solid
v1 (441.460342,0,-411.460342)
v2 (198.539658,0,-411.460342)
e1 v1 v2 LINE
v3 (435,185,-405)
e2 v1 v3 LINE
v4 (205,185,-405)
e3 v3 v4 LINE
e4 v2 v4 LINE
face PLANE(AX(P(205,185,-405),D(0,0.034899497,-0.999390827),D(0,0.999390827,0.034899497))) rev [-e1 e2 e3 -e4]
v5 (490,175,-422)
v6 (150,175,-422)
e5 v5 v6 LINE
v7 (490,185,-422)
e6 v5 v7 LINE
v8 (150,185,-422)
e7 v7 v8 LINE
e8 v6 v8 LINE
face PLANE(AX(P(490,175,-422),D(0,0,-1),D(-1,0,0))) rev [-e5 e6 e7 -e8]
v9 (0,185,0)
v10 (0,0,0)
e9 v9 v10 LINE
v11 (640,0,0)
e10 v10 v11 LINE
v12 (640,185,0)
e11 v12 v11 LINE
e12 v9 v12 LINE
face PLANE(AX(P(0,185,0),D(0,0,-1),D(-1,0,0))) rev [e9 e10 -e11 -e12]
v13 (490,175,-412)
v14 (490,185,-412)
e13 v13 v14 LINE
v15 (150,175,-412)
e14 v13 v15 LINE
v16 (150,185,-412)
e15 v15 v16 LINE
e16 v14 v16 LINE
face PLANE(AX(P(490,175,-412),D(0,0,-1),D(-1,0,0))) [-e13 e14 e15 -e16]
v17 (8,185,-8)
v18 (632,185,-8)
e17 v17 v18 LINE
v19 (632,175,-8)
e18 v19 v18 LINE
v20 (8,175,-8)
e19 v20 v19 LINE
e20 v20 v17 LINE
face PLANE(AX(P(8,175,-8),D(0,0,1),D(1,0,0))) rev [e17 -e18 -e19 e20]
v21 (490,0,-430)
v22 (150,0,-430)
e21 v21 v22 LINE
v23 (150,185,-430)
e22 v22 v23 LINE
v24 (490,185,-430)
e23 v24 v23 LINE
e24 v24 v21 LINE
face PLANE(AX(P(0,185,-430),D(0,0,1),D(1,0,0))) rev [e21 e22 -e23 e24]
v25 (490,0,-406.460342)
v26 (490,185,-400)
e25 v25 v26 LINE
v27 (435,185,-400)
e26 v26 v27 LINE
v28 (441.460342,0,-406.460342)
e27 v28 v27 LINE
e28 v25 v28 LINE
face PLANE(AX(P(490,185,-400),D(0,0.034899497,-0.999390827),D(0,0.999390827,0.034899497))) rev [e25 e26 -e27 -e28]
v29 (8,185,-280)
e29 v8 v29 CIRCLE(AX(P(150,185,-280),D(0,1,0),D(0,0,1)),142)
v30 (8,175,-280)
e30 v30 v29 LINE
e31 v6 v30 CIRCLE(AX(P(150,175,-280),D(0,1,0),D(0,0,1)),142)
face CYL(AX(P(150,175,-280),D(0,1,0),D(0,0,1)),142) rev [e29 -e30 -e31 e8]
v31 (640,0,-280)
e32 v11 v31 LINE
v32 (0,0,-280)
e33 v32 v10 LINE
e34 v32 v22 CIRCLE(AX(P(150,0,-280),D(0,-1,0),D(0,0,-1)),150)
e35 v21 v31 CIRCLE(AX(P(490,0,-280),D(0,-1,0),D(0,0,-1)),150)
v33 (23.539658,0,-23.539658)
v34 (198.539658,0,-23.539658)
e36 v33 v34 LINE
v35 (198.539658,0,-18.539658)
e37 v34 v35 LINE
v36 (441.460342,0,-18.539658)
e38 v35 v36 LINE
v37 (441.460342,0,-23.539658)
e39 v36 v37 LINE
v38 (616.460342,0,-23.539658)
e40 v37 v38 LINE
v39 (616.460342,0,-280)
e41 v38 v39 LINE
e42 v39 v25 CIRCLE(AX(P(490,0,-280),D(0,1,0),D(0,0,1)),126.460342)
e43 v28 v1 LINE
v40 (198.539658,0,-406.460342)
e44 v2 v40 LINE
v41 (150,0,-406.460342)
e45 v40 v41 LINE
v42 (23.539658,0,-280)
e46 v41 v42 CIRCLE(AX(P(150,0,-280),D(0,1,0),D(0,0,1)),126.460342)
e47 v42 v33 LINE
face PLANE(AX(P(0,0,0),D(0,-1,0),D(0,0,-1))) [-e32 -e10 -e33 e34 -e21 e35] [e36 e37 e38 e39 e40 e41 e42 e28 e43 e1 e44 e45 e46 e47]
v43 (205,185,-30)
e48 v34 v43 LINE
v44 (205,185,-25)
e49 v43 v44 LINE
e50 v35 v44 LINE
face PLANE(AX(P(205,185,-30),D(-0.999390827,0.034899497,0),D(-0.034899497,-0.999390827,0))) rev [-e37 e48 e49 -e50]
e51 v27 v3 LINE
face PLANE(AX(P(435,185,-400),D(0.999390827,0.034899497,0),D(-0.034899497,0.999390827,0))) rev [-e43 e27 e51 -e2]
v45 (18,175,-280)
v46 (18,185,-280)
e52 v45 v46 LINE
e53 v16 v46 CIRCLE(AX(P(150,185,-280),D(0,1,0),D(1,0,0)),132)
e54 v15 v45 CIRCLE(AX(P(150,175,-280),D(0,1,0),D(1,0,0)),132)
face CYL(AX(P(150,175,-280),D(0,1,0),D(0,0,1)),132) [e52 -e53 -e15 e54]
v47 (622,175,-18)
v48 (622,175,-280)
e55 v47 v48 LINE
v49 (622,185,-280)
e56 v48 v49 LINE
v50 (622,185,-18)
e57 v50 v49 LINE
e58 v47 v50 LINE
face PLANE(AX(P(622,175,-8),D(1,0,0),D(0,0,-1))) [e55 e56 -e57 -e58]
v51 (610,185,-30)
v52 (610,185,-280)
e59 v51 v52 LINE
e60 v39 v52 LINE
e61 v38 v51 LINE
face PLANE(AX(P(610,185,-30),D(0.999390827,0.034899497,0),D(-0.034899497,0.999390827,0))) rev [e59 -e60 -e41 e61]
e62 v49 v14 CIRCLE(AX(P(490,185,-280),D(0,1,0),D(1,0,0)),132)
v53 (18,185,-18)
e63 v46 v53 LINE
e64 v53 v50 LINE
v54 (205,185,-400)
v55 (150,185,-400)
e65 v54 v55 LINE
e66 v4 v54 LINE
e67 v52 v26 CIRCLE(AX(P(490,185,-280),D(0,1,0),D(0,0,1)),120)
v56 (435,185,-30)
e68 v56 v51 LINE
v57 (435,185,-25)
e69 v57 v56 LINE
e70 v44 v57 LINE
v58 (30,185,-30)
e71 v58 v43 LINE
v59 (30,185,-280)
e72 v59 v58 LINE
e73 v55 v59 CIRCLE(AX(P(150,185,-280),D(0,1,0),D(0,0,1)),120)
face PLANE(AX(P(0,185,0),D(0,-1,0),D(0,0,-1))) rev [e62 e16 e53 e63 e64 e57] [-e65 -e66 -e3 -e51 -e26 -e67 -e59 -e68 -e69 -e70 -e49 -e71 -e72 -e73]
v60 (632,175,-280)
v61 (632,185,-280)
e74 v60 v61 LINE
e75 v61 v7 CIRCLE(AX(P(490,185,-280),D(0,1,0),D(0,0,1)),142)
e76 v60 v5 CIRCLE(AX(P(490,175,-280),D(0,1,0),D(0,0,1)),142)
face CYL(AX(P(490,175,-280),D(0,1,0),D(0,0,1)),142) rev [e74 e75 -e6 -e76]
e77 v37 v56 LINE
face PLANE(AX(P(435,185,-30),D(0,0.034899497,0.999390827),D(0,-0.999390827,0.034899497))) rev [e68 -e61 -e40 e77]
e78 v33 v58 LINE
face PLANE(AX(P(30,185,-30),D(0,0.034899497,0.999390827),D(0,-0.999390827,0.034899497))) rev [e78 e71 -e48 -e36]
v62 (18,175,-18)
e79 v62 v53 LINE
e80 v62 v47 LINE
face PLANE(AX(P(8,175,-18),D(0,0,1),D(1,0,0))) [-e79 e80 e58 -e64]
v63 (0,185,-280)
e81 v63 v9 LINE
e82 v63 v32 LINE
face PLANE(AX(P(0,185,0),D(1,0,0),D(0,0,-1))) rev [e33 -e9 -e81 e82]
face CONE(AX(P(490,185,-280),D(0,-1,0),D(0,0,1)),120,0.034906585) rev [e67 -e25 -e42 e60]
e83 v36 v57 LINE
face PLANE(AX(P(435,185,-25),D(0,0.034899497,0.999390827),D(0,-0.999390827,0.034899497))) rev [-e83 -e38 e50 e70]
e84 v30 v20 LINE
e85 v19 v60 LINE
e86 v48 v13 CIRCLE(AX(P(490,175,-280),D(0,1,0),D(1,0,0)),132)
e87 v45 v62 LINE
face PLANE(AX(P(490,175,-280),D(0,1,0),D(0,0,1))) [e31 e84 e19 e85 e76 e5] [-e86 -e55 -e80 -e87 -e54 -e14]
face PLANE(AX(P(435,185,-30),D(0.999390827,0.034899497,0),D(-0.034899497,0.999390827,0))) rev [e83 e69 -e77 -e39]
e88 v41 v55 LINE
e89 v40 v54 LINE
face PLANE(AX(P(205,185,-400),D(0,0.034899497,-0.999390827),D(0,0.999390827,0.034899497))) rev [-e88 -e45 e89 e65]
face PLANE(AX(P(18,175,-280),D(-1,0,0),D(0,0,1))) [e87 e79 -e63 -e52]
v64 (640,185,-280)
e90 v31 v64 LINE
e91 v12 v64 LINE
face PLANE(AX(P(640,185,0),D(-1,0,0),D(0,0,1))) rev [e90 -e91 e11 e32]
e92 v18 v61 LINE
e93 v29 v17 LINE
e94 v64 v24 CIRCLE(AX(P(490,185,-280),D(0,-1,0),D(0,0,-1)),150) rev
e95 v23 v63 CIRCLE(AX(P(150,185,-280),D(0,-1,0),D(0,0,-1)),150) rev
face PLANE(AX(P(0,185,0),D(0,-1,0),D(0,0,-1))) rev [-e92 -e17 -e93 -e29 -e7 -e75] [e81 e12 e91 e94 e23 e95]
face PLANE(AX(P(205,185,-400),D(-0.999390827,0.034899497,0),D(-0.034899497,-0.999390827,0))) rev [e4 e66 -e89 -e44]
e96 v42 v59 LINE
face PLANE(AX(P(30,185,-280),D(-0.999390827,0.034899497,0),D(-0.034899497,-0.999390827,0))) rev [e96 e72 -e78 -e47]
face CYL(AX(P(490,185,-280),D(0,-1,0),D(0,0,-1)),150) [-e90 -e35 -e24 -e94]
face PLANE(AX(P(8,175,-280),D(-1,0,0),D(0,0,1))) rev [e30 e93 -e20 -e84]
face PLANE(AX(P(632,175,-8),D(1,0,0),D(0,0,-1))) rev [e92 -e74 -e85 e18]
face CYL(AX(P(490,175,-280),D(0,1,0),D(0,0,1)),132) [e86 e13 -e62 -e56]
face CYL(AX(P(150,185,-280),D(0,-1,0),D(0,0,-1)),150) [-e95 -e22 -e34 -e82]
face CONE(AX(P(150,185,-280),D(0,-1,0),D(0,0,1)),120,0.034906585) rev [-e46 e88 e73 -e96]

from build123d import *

# Parameters (mm, degrees)
SKIZZE1_W                            = 640
SKIZZE1_H                            = 430
AUFSATZ_LINEAR_AUSTRAGEN1_DEPTH      = 185
VERRUNDUNG1_R                        = 150
SCHNITT_LINEAR_AUSTRAGEN1_DEPTH      = 186
SCHNITT_LINEAR_AUSTRAGEN1_DRAFT      = 2
SCHNITT_LINEAR_AUSTRAGEN_D_NN1_DEPTH = 10


with BuildPart() as part:
    # Skizze1 → Aufsatz-Linear austragen1 (new body)
    with BuildSketch(Plane(origin=(0, 0, 0), x_dir=(1, 0, 0), z_dir=(0, 1, 0))):
        with Locations((320, 215)):
            Rectangle(SKIZZE1_W, SKIZZE1_H)
    extrude(amount=AUFSATZ_LINEAR_AUSTRAGEN1_DEPTH)

    # Verrundung1
    verrundung1_edges = [part.edges().sort_by_distance(p)[0] for p in [
        (0, 92.5, -430),
        (640, 92.5, -430),
    ]]
    fillet(verrundung1_edges, radius=VERRUNDUNG1_R)


with BuildPart() as schnitt_linear_austragen1_tool:
    # Skizze2 → Schnitt-Linear austragen1 (with draft: the straight prism first)
    with BuildSketch(Plane(origin=(0, 185, 0), x_dir=(1, 0, 0), z_dir=(0, 1, 0))):
        with BuildLine():
            Line((490, 400), (435, 400))
            Line((435, 400), (435, 405))
            Line((435, 405), (205, 405))
            Line((205, 405), (205, 400))
            Line((205, 400), (150, 400))
            ThreePointArc((150, 400), (65.147186258, 364.852813742), (30, 280))
            Line((30, 280), (30, 30))
            Line((30, 30), (205, 30))
            Line((205, 30), (205, 25))
            Line((205, 25), (435, 25))
            Line((435, 25), (435, 30))
            Line((435, 30), (610, 30))
            Line((610, 30), (610, 280))
            ThreePointArc((610, 280), (574.852813742, 364.852813742), (490, 400))
        make_face()
    extrude(amount=-SCHNITT_LINEAR_AUSTRAGEN1_DEPTH)
    # Schnitt-Linear austragen1: the draft: its side faces are tilted about the plane it starts from
    schnitt_linear_austragen1_sides = [schnitt_linear_austragen1_tool.faces().sort_by_distance(p)[0] for p in [
        (462.5, 92, -400),
        (435, 92, -402.5),
        (320, 92, -405),
        (205, 92, -402.5),
        (177.5, 92, -400),
        (65.147186258, 92, -364.852813742),
        (30, 92, -155),
        (117.5, 92, -30),
        (205, 92, -27.5),
        (320, 92, -25),
        (435, 92, -27.5),
        (522.5, 92, -30),
        (610, 92, -155),
        (574.852813742, 92, -364.852813742),
    ]]
    draft(schnitt_linear_austragen1_sides, Plane(origin=(0, 185, 0), x_dir=(1, 0, 0), z_dir=(0, 1, 0)), SCHNITT_LINEAR_AUSTRAGEN1_DRAFT)


with BuildPart() as part_1:
    add(part.part)

    # Schnitt-Linear austragen1: cut by schnitt_linear_austragen1_tool
    add(schnitt_linear_austragen1_tool.part, mode=Mode.SUBTRACT)

    # Skizze3 → Schnitt-Linear-Austragen-Dünn1 (cut)
    with BuildSketch(Plane(origin=(0, 185, 0), x_dir=(1, 0, 0), z_dir=(0, 1, 0))):
        with BuildLine():
            Line((490, 422), (150, 422))
            ThreePointArc((150, 422), (49.590837072, 380.409162928), (8, 280))
            Line((8, 280), (8, 8))
            Line((8, 8), (632, 8))
            Line((632, 8), (632, 280))
            ThreePointArc((632, 280), (590.409162928, 380.409162928), (490, 422))
        make_face()
        with BuildLine():
            Line((490, 412), (150, 412))
            ThreePointArc((150, 412), (56.661904883, 373.338095117), (18, 280))
            Line((18, 280), (18, 18))
            Line((18, 18), (622, 18))
            Line((622, 18), (622, 280))
            ThreePointArc((622, 280), (583.338095117, 373.338095117), (490, 412))
        make_face(mode=Mode.SUBTRACT)
    extrude(amount=-SCHNITT_LINEAR_AUSTRAGEN_D_NN1_DEPTH, mode=Mode.SUBTRACT)


solid = part_1.part
